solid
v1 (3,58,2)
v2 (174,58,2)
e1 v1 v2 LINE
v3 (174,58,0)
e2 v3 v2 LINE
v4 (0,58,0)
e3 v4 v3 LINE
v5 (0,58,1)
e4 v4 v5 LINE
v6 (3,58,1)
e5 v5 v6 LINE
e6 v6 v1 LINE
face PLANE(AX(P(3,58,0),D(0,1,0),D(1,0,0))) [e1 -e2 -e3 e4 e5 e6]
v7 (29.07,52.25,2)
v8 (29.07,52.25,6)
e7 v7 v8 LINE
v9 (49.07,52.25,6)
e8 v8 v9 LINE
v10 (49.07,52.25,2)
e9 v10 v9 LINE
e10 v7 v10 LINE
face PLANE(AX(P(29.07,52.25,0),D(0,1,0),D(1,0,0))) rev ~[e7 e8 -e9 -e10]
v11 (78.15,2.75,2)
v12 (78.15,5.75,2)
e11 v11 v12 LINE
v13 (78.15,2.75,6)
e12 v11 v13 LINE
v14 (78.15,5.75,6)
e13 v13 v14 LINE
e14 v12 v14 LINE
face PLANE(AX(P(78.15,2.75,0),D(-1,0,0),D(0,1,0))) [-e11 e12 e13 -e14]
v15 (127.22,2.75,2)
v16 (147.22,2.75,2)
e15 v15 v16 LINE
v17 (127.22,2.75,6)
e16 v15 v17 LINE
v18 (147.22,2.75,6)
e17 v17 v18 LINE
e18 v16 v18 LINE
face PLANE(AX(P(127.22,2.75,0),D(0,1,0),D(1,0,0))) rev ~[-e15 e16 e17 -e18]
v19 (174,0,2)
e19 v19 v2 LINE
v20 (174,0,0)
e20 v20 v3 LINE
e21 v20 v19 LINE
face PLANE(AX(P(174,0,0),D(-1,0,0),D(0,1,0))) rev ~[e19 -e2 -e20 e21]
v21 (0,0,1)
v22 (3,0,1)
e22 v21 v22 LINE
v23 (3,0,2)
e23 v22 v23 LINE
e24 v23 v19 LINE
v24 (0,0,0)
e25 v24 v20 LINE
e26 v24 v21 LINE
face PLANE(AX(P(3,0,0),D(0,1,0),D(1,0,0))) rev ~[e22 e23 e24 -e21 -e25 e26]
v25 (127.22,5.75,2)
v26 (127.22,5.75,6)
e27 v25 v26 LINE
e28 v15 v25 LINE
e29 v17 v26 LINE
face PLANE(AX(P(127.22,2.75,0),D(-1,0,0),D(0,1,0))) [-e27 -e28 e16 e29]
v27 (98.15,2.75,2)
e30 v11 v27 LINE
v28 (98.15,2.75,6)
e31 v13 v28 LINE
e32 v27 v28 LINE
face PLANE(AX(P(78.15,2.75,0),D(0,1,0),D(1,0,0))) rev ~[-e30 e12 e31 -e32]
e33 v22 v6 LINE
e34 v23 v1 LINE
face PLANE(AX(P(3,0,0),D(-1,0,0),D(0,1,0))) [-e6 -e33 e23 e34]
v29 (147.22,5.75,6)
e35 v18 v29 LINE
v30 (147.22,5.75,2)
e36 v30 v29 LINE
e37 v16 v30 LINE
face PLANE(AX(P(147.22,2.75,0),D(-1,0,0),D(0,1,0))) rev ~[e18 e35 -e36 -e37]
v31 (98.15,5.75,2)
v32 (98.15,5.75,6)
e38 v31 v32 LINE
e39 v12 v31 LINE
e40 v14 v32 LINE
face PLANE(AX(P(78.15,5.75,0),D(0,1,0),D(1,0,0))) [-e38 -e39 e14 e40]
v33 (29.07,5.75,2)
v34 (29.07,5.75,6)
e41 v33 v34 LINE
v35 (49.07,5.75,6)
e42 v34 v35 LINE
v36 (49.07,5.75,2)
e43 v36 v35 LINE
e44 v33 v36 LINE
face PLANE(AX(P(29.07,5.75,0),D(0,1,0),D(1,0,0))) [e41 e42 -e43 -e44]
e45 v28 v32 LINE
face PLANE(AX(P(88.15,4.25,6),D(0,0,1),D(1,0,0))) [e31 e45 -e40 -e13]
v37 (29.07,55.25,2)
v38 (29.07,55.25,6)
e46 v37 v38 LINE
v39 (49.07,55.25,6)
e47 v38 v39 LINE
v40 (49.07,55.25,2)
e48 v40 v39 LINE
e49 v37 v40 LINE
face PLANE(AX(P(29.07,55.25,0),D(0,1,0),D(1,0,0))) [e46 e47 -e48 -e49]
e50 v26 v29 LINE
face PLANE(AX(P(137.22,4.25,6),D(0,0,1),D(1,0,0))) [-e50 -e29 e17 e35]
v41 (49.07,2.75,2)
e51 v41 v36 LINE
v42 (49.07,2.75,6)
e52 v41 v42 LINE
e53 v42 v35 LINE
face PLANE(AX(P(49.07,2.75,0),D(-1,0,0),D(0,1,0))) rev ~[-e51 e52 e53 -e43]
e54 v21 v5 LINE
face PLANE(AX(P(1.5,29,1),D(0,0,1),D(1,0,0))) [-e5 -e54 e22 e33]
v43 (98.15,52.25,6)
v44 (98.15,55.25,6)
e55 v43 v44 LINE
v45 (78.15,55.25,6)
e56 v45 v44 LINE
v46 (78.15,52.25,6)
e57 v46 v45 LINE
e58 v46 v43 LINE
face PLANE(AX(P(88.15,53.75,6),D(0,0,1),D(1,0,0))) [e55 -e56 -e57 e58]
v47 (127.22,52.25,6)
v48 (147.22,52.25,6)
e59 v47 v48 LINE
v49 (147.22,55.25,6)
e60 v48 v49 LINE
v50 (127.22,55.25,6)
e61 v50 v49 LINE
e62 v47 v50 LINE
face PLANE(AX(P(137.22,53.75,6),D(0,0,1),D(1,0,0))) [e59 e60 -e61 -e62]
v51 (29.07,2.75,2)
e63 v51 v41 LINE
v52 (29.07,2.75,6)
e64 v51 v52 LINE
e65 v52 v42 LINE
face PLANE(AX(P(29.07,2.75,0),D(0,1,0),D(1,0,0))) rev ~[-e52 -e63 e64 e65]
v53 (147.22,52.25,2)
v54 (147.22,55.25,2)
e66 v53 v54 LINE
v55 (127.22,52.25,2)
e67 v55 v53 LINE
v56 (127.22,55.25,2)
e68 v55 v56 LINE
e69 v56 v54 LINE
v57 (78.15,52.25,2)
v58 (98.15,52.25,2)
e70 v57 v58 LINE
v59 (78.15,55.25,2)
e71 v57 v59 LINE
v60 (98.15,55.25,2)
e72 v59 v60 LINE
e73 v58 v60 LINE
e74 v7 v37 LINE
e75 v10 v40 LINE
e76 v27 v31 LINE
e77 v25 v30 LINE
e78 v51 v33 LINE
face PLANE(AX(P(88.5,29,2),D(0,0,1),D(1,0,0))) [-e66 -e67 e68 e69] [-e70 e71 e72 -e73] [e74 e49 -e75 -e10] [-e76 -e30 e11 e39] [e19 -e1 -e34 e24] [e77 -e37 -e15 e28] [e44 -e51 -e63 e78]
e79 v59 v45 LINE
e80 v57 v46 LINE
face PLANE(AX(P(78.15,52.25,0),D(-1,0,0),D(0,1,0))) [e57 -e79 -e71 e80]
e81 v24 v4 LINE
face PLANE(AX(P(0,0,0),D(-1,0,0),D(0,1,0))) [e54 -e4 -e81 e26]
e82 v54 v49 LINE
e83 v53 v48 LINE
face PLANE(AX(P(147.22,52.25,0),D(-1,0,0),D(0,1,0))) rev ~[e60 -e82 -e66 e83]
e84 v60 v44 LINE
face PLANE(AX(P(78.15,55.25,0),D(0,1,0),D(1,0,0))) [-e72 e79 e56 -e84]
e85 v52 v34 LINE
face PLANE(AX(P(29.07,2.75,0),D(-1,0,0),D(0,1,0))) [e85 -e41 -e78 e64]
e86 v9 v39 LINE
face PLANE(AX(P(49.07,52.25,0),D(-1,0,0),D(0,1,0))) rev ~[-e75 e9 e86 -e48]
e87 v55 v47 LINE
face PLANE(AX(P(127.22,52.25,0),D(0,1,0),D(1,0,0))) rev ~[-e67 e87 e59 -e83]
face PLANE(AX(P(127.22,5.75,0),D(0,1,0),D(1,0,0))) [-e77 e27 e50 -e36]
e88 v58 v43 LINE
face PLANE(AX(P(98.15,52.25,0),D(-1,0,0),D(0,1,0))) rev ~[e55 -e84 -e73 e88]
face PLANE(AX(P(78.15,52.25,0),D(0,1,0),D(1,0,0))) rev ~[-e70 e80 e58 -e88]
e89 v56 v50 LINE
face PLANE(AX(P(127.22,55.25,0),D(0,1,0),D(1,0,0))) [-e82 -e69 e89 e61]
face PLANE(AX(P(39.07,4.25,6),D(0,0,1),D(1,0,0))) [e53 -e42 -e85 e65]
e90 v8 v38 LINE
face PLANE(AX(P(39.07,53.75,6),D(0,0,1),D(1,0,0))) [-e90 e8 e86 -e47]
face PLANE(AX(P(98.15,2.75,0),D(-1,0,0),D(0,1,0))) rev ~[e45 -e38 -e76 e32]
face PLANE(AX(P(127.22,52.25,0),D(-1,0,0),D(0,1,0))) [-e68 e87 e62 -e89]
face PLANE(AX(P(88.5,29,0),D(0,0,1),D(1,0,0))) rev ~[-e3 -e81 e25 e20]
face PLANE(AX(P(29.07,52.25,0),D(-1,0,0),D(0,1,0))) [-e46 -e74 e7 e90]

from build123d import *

# Parameters (mm, degrees)
BOX006_W     = 20
BOX006_H     = 3
BOX006_DEPTH = 6
BOX005_W     = 20
BOX005_H     = 3
BOX005_DEPTH = 6
BOX004_W     = 20
BOX004_H     = 3
BOX004_DEPTH = 6
BOX003_W     = 20
BOX003_H     = 3
BOX003_DEPTH = 6
BOX002_W     = 20
BOX002_H     = 3
BOX002_DEPTH = 6
BOX001_W     = 20
BOX001_H     = 3
BOX001_DEPTH = 6
BOX_W        = 171
BOX_H        = 58
BOX_DEPTH    = 2
BOX007_W     = 3
BOX007_H     = 58
BOX007_DEPTH = 1


with BuildPart() as cube006:
    # Box006 → Box006 (new body)
    with BuildSketch(Plane(origin=(127.22, 52.25, 0), x_dir=(1, 0, 0), z_dir=(0, 0, 1))):
        with Locations((10, 1.5)):
            Rectangle(BOX006_W, BOX006_H)
    extrude(amount=BOX006_DEPTH)


with BuildPart() as cube005:
    # Box005 → Box005 (new body)
    with BuildSketch(Plane(origin=(78.15, 52.25, 0), x_dir=(1, 0, 0), z_dir=(0, 0, 1))):
        with Locations((10, 1.5)):
            Rectangle(BOX005_W, BOX005_H)
    extrude(amount=BOX005_DEPTH)


with BuildPart() as cube004:
    # Box004 → Box004 (new body)
    with BuildSketch(Plane(origin=(29.07, 52.25, 0), x_dir=(1, 0, 0), z_dir=(0, 0, 1))):
        with Locations((10, 1.5)):
            Rectangle(BOX004_W, BOX004_H)
    extrude(amount=BOX004_DEPTH)


with BuildPart() as cube003:
    # Box003 → Box003 (new body)
    with BuildSketch(Plane(origin=(127.22, 2.75, 0), x_dir=(1, 0, 0), z_dir=(0, 0, 1))):
        with Locations((10, 1.5)):
            Rectangle(BOX003_W, BOX003_H)
    extrude(amount=BOX003_DEPTH)


with BuildPart() as cube002:
    # Box002 → Box002 (new body)
    with BuildSketch(Plane(origin=(78.15, 2.75, 0), x_dir=(1, 0, 0), z_dir=(0, 0, 1))):
        with Locations((10, 1.5)):
            Rectangle(BOX002_W, BOX002_H)
    extrude(amount=BOX002_DEPTH)


with BuildPart() as cube001:
    # Box001 → Box001 (new body)
    with BuildSketch(Plane(origin=(29.07, 2.75, 0), x_dir=(1, 0, 0), z_dir=(0, 0, 1))):
        with Locations((10, 1.5)):
            Rectangle(BOX001_W, BOX001_H)
    extrude(amount=BOX001_DEPTH)


with BuildPart() as cube:
    # Box → Box (new body)
    with BuildSketch(Plane(origin=(3, 0, 0), x_dir=(1, 0, 0), z_dir=(0, 0, 1))):
        with Locations((85.5, 29)):
            Rectangle(BOX_W, BOX_H)
    extrude(amount=BOX_DEPTH)


with BuildPart() as fusion:
    # Box007 → Box007 (new body)
    with BuildSketch(Plane.XY):
        with Locations((1.5, 29)):
            Rectangle(BOX007_W, BOX007_H)
    extrude(amount=BOX007_DEPTH)

    # Fusion: union Cube006, Cube005, Cube004, Cube003, Cube002, Cube001, Cube
    add(cube006.part)
    add(cube005.part)
    add(cube004.part)
    add(cube003.part)
    add(cube002.part)
    add(cube001.part)
    add(cube.part)


solid = fusion.part
